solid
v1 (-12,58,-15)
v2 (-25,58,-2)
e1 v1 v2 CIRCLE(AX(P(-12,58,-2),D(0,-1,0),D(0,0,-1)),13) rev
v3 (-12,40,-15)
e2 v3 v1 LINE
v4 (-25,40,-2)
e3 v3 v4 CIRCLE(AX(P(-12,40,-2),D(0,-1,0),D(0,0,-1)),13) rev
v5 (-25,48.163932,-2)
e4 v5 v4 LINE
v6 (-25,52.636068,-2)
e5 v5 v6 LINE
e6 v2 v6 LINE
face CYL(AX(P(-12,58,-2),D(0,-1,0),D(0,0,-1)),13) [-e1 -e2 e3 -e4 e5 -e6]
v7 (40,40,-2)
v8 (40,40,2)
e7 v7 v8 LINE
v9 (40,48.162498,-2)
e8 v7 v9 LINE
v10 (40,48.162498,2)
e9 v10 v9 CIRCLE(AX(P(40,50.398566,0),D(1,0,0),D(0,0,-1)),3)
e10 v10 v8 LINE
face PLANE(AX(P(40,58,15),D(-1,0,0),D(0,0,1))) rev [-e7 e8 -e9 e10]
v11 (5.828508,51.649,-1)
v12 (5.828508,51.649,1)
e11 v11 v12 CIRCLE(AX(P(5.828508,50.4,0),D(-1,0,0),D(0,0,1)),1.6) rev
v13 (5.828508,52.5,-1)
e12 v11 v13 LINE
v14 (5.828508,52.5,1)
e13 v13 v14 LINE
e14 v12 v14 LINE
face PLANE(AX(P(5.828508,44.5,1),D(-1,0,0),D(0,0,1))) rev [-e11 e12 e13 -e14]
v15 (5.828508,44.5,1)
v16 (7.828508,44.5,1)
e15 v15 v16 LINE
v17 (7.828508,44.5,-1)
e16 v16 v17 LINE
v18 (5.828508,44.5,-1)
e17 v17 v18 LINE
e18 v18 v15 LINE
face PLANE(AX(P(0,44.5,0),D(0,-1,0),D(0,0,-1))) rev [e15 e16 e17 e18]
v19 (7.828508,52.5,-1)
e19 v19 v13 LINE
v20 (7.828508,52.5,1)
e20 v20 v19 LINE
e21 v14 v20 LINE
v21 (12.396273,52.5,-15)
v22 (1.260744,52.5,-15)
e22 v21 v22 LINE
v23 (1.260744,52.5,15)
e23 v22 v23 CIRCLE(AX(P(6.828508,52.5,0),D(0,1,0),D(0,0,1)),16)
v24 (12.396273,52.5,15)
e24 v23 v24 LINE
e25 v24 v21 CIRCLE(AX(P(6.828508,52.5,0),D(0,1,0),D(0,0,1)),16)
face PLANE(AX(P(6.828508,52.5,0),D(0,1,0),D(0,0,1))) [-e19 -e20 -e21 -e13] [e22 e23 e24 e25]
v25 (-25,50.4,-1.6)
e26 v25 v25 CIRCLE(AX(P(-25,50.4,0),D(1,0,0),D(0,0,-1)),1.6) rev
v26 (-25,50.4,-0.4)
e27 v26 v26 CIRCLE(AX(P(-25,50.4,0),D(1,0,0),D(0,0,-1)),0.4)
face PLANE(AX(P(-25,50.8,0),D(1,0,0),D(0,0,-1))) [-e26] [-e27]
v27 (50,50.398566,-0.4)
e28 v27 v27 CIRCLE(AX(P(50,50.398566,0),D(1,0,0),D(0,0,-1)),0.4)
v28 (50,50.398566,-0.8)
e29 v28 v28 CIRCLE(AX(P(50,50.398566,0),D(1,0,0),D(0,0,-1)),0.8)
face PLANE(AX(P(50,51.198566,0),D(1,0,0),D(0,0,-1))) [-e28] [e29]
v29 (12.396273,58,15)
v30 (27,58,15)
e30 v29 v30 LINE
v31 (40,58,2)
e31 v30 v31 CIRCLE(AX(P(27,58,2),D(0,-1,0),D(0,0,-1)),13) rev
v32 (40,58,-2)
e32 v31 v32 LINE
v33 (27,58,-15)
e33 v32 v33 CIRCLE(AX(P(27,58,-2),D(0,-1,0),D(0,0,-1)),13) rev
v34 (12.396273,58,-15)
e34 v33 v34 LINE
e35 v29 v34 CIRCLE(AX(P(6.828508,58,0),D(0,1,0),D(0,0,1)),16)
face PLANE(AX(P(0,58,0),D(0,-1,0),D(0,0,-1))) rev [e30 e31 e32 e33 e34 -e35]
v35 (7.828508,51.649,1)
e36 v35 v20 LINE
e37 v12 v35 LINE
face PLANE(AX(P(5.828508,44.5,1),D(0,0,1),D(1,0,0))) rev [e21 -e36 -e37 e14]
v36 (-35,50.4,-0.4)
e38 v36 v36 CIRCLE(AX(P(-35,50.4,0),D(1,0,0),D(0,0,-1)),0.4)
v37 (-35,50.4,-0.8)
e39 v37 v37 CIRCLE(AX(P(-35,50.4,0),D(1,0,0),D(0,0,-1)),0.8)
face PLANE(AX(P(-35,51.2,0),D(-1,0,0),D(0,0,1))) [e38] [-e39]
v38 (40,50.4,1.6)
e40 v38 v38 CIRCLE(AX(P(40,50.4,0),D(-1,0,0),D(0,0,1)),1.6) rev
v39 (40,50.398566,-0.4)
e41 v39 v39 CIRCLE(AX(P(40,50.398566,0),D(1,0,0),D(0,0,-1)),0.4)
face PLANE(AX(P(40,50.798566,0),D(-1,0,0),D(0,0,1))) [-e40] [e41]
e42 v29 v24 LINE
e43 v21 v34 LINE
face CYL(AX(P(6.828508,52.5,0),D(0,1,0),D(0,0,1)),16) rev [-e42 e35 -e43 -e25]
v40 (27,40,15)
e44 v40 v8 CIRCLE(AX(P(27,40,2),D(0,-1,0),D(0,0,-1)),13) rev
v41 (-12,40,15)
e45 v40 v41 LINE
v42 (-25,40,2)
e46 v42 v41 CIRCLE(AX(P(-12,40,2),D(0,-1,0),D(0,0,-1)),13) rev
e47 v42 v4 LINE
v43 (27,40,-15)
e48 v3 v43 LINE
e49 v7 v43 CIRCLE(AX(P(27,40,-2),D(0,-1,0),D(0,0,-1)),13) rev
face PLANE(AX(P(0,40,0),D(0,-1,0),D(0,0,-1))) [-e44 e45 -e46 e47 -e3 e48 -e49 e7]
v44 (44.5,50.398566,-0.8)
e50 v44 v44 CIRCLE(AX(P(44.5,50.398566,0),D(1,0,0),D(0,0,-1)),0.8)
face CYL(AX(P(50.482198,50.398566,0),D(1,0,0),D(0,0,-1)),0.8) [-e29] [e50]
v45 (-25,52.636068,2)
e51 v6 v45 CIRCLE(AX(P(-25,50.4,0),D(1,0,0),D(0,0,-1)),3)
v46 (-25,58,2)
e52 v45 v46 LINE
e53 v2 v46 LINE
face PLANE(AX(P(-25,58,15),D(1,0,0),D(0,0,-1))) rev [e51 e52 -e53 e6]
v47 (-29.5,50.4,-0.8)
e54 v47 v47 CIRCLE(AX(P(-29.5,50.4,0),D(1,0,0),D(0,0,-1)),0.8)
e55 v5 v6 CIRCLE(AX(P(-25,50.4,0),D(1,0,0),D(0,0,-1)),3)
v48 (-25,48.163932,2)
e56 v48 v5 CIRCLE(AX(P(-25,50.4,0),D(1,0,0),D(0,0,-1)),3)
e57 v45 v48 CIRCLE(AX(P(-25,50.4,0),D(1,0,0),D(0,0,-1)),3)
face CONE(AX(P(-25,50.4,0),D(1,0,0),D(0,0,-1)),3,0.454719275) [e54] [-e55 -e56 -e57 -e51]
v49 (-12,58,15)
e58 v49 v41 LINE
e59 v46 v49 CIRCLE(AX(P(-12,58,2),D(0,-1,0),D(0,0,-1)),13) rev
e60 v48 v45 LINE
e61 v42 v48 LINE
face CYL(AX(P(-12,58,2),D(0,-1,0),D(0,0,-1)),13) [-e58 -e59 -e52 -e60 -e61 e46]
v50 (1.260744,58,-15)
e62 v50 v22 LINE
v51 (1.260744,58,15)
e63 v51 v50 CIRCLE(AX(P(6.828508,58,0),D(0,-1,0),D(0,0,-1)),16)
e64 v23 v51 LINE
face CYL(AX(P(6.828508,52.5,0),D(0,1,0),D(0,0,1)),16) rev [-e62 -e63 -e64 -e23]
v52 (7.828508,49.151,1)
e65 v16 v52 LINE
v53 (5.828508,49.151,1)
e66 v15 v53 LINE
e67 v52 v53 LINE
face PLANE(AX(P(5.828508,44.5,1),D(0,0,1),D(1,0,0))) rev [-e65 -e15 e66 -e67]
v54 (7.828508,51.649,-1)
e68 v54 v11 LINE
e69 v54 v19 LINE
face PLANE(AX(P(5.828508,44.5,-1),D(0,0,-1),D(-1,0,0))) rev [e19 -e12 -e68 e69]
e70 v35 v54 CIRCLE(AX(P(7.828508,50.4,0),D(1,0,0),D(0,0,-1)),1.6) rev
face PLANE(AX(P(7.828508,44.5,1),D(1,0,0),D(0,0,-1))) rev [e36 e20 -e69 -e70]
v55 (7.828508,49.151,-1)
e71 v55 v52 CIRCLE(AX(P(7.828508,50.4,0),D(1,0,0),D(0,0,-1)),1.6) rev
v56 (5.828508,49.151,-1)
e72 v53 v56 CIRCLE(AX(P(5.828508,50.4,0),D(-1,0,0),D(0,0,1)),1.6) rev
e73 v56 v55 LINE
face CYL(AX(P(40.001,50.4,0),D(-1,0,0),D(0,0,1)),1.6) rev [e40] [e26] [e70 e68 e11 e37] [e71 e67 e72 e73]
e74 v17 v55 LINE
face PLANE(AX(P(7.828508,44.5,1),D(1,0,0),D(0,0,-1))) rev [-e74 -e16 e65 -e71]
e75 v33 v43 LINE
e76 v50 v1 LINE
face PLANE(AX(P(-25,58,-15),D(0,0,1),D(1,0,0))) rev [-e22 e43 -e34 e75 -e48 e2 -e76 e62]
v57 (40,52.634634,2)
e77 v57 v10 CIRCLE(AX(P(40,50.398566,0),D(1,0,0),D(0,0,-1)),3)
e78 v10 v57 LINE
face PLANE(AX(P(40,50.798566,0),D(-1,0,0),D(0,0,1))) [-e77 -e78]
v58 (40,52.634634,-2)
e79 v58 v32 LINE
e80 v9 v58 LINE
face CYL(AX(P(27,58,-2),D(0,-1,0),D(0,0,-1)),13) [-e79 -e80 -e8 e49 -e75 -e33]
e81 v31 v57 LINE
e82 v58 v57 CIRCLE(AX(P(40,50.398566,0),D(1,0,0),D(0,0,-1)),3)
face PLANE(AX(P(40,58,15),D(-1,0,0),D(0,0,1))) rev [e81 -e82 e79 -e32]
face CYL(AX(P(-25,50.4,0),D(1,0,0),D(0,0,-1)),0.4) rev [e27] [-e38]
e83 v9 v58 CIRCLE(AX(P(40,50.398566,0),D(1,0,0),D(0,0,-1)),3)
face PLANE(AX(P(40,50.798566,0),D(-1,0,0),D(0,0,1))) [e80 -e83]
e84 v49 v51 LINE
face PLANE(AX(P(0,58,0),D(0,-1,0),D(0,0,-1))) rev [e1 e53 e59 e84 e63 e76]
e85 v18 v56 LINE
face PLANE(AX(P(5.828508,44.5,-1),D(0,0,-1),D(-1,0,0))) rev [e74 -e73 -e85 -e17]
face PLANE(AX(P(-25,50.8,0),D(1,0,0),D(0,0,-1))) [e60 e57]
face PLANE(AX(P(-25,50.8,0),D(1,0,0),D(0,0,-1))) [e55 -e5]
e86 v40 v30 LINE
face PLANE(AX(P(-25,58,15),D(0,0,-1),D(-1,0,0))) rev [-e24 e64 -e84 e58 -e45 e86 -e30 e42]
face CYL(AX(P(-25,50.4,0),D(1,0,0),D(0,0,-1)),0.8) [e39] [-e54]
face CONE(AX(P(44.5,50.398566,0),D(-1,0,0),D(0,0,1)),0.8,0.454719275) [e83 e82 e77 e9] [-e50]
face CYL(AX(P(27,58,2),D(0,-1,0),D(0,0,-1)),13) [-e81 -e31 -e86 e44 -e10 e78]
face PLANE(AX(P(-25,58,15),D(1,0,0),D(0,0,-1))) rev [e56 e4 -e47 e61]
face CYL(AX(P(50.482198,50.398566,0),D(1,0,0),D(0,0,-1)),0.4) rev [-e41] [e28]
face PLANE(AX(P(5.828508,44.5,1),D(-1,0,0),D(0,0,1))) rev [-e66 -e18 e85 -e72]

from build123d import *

# Parameters (mm, degrees)
SKETCH1_W           = 65
SKETCH1_H           = 30
BOSS_EXTRUDE1_DEPTH = 58
FILLET1_R           = 13
SKETCH15_W          = 83.696095513
SKETCH15_H          = 31.69844841
CUT_EXTRUDE7_DEPTH  = 50
SKETCH18_R          = 16
CUT_EXTRUDE10_DEPTH = 5.5
CUT_EXTRUDE12_REACH = 90.397
SKETCH3_R           = 1.6
SKETCH21_W          = 2
SKETCH21_H          = 2
CUT_EXTRUDE13_DEPTH = 8


with BuildPart() as part:
    # Sketch1 → Boss-Extrude1 (new body)
    with BuildSketch(Plane(origin=(0, 0, 0), x_dir=(1, 0, 0), z_dir=(0, 1, 0))):
        with Locations((7.5, 0)):
            Rectangle(SKETCH1_W, SKETCH1_H)
    extrude(amount=BOSS_EXTRUDE1_DEPTH)

    # Fillet1
    fillet1_edges = [part.edges().sort_by_distance(p)[0] for p in [
        (40, 29, 15),
        (-25, 29, 15),
        (-25, 29, -15),
        (40, 29, -15),
    ]]
    fillet(fillet1_edges, radius=FILLET1_R)

    # Sketch15 → Cut-Extrude7 (cut)
    with BuildSketch(Plane(origin=(0, -10, 0), x_dir=(-1, 0, 0), z_dir=(0, -1, 0))):
        with Locations((-0.057440767, 0.030479277)):
            Rectangle(SKETCH15_W, SKETCH15_H)
    extrude(amount=-CUT_EXTRUDE7_DEPTH, mode=Mode.SUBTRACT)

    # Sketch18 → Cut-Extrude10 (cut)
    with BuildSketch(Plane(origin=(0, 58, 0), x_dir=(1, 0, 0), z_dir=(0, 1, 0))):
        with Locations((6.828508286, 0)):
            Circle(SKETCH18_R)
    extrude(amount=-CUT_EXTRUDE10_DEPTH, mode=Mode.SUBTRACT)

    # Sketch3 → Cut-Extrude12 (cut, up to next)
    with BuildSketch(Plane.ZY.offset(25), mode=Mode.PRIVATE) as cut_extrude12_sk1:
        with Locations((0, 50.4)):
            Circle(SKETCH3_R)
    cut_extrude12_tool1 = extrude(cut_extrude12_sk1.sketch, amount=-CUT_EXTRUDE12_REACH, mode=Mode.PRIVATE) & part.part
    add(cut_extrude12_tool1.solids().sort_by_distance((-25, 50.4, 0))[0], mode=Mode.SUBTRACT)

    # Sketch21 → Cut-Extrude13 (cut)
    with BuildSketch(Plane(origin=(0, 52.5, 0), x_dir=(1, 0, 0), z_dir=(0, 1, 0))):
        with Locations((6.828508286, 0)):
            Rectangle(SKETCH21_W, SKETCH21_H)
    extrude(amount=-CUT_EXTRUDE13_DEPTH, mode=Mode.SUBTRACT)

    # Sketch24 → Revolve1 (revolve)
    with BuildSketch(Plane.XY, mode=Mode.PRIVATE) as revolve1_sk:
        Polygon((-25, 50.8), (-35, 50.8), (-35, 51.2), (-29.5, 51.2), (-25, 53.4), align=None)
    revolve(revolve1_sk.sketch.rotate(Axis((-25, 50.4, 0), (-1, 0, 0)), 90), axis=Axis((-25, 50.4, 0), (-1, 0, 0)))

    # Sketch25 → Revolve2 (revolve)
    with BuildSketch(Plane.XY, mode=Mode.PRIVATE) as revolve2_sk:
        Polygon((40, 50.79856611), (40, 53.39856611), (44.5, 51.19856611), (50, 51.19856611), (50, 50.79856611), align=None)
    revolve(revolve2_sk.sketch.rotate(Axis((50.482197819, 50.39856611, 0), (-1, 0, 0)), 90), axis=Axis((50.482197819, 50.39856611, 0), (-1, 0, 0)))


solid = part.part
